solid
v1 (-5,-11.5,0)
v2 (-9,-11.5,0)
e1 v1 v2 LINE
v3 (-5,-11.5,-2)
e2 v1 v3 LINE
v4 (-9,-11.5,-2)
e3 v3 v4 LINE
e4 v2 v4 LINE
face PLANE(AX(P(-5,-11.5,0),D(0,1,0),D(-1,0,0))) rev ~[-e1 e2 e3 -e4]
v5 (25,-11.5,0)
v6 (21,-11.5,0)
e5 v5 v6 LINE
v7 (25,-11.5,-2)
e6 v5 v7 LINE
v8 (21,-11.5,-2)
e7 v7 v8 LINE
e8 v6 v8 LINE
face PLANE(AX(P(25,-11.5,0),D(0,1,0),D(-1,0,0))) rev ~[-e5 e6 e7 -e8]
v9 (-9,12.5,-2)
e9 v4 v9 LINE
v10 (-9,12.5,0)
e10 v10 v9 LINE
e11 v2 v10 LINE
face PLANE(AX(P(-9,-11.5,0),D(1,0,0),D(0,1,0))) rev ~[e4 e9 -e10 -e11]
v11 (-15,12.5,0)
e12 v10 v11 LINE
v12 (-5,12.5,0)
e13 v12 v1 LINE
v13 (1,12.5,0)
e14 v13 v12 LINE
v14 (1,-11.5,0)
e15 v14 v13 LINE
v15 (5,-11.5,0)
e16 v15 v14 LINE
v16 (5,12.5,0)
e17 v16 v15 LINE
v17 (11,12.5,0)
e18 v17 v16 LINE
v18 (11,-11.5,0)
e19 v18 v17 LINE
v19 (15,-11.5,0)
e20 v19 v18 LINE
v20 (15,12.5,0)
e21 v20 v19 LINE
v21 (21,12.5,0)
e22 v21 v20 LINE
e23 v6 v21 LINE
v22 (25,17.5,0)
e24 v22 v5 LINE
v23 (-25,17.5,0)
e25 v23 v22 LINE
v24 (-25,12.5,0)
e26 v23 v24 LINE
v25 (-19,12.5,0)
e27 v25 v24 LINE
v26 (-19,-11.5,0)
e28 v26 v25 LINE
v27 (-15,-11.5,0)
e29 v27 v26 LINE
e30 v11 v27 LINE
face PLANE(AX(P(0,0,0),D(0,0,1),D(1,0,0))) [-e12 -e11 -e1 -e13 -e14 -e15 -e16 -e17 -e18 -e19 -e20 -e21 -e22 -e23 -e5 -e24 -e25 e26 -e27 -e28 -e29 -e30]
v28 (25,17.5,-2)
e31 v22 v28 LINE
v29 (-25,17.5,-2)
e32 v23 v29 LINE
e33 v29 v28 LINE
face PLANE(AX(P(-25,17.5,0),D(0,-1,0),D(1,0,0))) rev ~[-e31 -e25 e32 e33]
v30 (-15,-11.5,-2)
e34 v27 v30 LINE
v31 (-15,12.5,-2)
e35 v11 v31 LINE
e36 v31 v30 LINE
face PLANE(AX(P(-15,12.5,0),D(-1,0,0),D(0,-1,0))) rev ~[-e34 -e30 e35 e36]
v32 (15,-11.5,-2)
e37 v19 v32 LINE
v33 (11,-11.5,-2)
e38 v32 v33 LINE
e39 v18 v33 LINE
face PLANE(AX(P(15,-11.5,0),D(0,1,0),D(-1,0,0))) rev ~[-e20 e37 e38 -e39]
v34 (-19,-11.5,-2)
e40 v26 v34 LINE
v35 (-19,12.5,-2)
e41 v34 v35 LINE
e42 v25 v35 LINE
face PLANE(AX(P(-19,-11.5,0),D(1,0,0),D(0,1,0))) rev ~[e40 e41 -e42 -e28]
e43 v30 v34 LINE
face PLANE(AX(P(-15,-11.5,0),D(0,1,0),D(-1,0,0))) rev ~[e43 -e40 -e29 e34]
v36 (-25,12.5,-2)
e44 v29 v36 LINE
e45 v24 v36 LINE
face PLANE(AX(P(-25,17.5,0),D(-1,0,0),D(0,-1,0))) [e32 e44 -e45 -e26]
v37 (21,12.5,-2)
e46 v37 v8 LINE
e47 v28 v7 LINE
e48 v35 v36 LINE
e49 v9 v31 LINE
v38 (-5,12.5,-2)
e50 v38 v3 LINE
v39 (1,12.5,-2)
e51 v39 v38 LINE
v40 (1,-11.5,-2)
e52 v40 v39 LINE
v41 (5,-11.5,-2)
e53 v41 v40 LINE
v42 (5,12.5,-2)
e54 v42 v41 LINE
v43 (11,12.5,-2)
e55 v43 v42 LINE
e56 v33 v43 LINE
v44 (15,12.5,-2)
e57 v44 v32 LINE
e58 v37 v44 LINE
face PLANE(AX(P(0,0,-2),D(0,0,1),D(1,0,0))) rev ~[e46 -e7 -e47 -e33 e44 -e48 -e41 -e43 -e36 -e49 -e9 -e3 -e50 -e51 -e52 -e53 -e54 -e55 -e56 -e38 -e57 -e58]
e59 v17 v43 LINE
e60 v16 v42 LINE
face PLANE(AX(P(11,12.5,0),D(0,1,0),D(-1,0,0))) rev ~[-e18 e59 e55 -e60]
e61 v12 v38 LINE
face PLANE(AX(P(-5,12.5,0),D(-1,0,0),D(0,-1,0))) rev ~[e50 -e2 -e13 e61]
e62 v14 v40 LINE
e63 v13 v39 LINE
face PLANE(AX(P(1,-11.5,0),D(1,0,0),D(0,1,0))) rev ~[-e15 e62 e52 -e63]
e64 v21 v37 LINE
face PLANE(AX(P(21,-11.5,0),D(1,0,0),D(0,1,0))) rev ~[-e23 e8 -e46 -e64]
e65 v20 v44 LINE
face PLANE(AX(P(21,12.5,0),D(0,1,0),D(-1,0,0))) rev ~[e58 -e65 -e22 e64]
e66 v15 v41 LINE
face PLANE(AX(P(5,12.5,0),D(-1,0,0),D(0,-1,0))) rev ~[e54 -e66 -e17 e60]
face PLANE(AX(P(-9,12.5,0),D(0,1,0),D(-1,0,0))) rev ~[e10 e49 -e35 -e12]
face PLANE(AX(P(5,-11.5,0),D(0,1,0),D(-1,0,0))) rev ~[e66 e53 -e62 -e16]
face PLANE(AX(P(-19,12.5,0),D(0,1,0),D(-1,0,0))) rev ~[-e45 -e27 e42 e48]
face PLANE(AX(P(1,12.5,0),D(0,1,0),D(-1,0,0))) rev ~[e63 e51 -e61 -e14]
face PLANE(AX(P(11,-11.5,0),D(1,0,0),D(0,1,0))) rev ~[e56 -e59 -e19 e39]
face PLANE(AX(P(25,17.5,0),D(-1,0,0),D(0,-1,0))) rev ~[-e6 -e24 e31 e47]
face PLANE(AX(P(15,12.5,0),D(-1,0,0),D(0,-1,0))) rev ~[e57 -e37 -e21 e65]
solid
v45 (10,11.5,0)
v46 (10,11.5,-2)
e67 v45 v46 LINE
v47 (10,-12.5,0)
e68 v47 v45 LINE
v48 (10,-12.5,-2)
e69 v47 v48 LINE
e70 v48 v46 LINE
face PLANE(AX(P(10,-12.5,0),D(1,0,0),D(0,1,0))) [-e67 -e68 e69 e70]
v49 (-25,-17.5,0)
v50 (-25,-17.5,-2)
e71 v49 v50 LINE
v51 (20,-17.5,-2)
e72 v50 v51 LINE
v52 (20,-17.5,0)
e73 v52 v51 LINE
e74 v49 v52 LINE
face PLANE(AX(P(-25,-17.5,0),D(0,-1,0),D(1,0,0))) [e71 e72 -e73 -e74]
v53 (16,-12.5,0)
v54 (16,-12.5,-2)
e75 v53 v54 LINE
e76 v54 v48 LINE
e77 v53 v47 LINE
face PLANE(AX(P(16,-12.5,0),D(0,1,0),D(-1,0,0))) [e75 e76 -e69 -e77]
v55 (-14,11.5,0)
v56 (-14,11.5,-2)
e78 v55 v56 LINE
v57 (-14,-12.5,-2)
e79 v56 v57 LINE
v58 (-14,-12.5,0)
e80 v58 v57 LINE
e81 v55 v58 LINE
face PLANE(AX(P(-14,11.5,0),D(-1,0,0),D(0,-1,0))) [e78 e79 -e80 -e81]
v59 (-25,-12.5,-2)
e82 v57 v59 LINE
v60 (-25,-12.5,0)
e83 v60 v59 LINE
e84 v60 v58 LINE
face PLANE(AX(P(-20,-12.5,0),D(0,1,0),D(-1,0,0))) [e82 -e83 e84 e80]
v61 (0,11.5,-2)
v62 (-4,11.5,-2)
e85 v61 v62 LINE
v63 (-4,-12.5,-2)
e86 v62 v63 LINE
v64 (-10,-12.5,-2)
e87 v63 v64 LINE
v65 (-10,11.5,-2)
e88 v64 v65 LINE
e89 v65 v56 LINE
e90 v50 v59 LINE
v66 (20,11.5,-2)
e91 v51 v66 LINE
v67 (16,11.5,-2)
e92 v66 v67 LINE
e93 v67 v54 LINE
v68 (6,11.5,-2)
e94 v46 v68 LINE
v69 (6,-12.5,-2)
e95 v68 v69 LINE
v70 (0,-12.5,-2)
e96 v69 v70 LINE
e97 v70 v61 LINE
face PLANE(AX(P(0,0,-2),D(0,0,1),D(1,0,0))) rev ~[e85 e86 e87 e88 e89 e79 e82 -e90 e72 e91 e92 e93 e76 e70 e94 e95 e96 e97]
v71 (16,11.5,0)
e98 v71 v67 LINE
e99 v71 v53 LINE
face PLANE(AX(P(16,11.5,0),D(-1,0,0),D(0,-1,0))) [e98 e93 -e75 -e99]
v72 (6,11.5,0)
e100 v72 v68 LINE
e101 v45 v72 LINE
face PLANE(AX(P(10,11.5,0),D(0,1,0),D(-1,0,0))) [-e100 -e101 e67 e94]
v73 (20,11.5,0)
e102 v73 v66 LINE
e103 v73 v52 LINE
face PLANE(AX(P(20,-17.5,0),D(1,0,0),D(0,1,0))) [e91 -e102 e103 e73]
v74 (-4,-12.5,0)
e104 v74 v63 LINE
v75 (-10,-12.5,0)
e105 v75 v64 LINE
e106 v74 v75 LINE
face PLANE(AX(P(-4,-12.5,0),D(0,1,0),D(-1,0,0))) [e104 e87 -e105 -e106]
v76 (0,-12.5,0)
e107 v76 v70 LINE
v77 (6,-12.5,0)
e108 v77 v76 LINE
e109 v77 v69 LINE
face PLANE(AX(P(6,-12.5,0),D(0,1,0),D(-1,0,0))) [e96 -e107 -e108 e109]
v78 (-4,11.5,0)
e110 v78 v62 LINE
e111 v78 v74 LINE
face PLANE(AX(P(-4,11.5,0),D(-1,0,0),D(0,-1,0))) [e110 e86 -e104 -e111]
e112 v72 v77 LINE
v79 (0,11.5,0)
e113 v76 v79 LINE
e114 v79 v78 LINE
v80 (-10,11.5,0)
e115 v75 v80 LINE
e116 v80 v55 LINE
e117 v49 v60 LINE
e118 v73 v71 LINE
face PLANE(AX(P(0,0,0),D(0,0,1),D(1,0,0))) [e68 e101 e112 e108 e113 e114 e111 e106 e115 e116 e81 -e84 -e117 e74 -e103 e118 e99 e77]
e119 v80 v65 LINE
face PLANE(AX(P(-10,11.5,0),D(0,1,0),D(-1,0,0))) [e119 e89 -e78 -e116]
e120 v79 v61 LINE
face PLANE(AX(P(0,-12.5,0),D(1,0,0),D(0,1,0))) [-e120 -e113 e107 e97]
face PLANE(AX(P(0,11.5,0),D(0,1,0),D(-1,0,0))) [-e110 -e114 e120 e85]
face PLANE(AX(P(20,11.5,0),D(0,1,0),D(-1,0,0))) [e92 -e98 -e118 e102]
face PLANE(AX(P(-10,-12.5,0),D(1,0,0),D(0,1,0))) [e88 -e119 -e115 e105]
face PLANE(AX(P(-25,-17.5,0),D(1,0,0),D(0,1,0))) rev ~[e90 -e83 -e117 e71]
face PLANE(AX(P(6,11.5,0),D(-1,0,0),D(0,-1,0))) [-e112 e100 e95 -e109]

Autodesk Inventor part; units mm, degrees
ref_plane "YZ Plane" through (0, 0, 0) normal (1, 0, 0) x (0, 1, 0)
ref_plane "XZ Plane" through (0, 0, 0) normal (0, 1, 0) x (-1, 0, 0)
ref_plane "XY Plane" through (0, 0, 0) normal (0, 0, 1) x (1, 0, 0)
sketch "Sketch1" plane through (0, 0, 0) normal (0, 0, 1) x (1, 0, 0)
  line L0 (-25, 17.5) -> (25, 17.5)
  line L1 (25, -17.5) -> (0, 0) construction
  line L2 (-25, -17.5) -> (25, 17.5) construction
  line L3 (0, 0) -> (-25, 17.5) construction
  line L4 (-25, 17.5) -> (-25, 12.5)
  line L5 (-25, -17.5) -> (-25, -12.5)
  line L6 (25, 17.5) -> (25, -11.5)
  line L7 (25, -11.5) -> (21, -11.5)
  line L8 (21, -11.5) -> (21, 12.5)
  line L9 (21, 12.5) -> (15, 12.5)
  line L10 (15, 12.5) -> (15, -11.5)
  line L11 (15, -11.5) -> (11, -11.5)
  line L12 (11, -11.5) -> (11, 12.5)
  line L13 (11, 12.5) -> (5, 12.5)
  line L14 (5, 12.5) -> (5, -11.5)
  line L15 (5, -11.5) -> (1, -11.5)
  line L16 (1, -11.5) -> (1, 12.5)
  line L17 (1, 12.5) -> (-5, 12.5)
  line L18 (-5, 12.5) -> (-5, -11.5)
  line L19 (-5, -11.5) -> (-9, -11.5)
  line L20 (-9, -11.5) -> (-9, 12.5)
  line L21 (-9, 12.5) -> (-15, 12.5)
  line L22 (-15, 12.5) -> (-15, -11.5)
  line L23 (-15, -11.5) -> (-19, -11.5)
  line L24 (-19, -11.5) -> (-19, 12.5)
  line L25 (-19, 12.5) -> (-25, 12.5)
  line L26 (21, 5.2642) -> (20, 5.2642)
  line L27 (-25, -17.5) -> (20, -17.5)
  line L28 (20, -17.5) -> (20, 11.5)
  line L29 (20, 11.5) -> (16, 11.5)
  line L30 (16, 11.5) -> (16, -12.5)
  line L31 (16, -12.5) -> (10, -12.5)
  line L32 (10, -12.5) -> (10, 11.5)
  line L33 (10, 11.5) -> (6, 11.5)
  line L34 (6, 11.5) -> (6, -12.5)
  line L35 (6, -12.5) -> (0, -12.5)
  line L36 (0, -12.5) -> (0, 11.5)
  line L37 (0, 11.5) -> (-4, 11.5)
  line L38 (-4, 11.5) -> (-4, -12.5)
  line L39 (-4, -12.5) -> (-10, -12.5)
  line L40 (-10, -12.5) -> (-10, 11.5)
  line L41 (-10, 11.5) -> (-14, 11.5)
  line L42 (-14, 11.5) -> (-14, -12.5)
  line L43 (-14, -12.5) -> (-20, -12.5)
  line L44 (-20, -12.5) -> (-25, -12.5)
  dimension "d0" = 35
  dimension "d1" = 50
  dimension "d3" = 5
  dimension "d4" = 5
  dimension "d7" = 29
  dimension "d9" = 4
  dimension "d10" = 24
  dimension "d11" = 6
  dimension "d31" = 1
  dimension "d35" = 4
  dimension "d50" = 24
extrude "Extrusion1" add sketch "Sketch1" against normal blind 2
properties part number "sensor"
